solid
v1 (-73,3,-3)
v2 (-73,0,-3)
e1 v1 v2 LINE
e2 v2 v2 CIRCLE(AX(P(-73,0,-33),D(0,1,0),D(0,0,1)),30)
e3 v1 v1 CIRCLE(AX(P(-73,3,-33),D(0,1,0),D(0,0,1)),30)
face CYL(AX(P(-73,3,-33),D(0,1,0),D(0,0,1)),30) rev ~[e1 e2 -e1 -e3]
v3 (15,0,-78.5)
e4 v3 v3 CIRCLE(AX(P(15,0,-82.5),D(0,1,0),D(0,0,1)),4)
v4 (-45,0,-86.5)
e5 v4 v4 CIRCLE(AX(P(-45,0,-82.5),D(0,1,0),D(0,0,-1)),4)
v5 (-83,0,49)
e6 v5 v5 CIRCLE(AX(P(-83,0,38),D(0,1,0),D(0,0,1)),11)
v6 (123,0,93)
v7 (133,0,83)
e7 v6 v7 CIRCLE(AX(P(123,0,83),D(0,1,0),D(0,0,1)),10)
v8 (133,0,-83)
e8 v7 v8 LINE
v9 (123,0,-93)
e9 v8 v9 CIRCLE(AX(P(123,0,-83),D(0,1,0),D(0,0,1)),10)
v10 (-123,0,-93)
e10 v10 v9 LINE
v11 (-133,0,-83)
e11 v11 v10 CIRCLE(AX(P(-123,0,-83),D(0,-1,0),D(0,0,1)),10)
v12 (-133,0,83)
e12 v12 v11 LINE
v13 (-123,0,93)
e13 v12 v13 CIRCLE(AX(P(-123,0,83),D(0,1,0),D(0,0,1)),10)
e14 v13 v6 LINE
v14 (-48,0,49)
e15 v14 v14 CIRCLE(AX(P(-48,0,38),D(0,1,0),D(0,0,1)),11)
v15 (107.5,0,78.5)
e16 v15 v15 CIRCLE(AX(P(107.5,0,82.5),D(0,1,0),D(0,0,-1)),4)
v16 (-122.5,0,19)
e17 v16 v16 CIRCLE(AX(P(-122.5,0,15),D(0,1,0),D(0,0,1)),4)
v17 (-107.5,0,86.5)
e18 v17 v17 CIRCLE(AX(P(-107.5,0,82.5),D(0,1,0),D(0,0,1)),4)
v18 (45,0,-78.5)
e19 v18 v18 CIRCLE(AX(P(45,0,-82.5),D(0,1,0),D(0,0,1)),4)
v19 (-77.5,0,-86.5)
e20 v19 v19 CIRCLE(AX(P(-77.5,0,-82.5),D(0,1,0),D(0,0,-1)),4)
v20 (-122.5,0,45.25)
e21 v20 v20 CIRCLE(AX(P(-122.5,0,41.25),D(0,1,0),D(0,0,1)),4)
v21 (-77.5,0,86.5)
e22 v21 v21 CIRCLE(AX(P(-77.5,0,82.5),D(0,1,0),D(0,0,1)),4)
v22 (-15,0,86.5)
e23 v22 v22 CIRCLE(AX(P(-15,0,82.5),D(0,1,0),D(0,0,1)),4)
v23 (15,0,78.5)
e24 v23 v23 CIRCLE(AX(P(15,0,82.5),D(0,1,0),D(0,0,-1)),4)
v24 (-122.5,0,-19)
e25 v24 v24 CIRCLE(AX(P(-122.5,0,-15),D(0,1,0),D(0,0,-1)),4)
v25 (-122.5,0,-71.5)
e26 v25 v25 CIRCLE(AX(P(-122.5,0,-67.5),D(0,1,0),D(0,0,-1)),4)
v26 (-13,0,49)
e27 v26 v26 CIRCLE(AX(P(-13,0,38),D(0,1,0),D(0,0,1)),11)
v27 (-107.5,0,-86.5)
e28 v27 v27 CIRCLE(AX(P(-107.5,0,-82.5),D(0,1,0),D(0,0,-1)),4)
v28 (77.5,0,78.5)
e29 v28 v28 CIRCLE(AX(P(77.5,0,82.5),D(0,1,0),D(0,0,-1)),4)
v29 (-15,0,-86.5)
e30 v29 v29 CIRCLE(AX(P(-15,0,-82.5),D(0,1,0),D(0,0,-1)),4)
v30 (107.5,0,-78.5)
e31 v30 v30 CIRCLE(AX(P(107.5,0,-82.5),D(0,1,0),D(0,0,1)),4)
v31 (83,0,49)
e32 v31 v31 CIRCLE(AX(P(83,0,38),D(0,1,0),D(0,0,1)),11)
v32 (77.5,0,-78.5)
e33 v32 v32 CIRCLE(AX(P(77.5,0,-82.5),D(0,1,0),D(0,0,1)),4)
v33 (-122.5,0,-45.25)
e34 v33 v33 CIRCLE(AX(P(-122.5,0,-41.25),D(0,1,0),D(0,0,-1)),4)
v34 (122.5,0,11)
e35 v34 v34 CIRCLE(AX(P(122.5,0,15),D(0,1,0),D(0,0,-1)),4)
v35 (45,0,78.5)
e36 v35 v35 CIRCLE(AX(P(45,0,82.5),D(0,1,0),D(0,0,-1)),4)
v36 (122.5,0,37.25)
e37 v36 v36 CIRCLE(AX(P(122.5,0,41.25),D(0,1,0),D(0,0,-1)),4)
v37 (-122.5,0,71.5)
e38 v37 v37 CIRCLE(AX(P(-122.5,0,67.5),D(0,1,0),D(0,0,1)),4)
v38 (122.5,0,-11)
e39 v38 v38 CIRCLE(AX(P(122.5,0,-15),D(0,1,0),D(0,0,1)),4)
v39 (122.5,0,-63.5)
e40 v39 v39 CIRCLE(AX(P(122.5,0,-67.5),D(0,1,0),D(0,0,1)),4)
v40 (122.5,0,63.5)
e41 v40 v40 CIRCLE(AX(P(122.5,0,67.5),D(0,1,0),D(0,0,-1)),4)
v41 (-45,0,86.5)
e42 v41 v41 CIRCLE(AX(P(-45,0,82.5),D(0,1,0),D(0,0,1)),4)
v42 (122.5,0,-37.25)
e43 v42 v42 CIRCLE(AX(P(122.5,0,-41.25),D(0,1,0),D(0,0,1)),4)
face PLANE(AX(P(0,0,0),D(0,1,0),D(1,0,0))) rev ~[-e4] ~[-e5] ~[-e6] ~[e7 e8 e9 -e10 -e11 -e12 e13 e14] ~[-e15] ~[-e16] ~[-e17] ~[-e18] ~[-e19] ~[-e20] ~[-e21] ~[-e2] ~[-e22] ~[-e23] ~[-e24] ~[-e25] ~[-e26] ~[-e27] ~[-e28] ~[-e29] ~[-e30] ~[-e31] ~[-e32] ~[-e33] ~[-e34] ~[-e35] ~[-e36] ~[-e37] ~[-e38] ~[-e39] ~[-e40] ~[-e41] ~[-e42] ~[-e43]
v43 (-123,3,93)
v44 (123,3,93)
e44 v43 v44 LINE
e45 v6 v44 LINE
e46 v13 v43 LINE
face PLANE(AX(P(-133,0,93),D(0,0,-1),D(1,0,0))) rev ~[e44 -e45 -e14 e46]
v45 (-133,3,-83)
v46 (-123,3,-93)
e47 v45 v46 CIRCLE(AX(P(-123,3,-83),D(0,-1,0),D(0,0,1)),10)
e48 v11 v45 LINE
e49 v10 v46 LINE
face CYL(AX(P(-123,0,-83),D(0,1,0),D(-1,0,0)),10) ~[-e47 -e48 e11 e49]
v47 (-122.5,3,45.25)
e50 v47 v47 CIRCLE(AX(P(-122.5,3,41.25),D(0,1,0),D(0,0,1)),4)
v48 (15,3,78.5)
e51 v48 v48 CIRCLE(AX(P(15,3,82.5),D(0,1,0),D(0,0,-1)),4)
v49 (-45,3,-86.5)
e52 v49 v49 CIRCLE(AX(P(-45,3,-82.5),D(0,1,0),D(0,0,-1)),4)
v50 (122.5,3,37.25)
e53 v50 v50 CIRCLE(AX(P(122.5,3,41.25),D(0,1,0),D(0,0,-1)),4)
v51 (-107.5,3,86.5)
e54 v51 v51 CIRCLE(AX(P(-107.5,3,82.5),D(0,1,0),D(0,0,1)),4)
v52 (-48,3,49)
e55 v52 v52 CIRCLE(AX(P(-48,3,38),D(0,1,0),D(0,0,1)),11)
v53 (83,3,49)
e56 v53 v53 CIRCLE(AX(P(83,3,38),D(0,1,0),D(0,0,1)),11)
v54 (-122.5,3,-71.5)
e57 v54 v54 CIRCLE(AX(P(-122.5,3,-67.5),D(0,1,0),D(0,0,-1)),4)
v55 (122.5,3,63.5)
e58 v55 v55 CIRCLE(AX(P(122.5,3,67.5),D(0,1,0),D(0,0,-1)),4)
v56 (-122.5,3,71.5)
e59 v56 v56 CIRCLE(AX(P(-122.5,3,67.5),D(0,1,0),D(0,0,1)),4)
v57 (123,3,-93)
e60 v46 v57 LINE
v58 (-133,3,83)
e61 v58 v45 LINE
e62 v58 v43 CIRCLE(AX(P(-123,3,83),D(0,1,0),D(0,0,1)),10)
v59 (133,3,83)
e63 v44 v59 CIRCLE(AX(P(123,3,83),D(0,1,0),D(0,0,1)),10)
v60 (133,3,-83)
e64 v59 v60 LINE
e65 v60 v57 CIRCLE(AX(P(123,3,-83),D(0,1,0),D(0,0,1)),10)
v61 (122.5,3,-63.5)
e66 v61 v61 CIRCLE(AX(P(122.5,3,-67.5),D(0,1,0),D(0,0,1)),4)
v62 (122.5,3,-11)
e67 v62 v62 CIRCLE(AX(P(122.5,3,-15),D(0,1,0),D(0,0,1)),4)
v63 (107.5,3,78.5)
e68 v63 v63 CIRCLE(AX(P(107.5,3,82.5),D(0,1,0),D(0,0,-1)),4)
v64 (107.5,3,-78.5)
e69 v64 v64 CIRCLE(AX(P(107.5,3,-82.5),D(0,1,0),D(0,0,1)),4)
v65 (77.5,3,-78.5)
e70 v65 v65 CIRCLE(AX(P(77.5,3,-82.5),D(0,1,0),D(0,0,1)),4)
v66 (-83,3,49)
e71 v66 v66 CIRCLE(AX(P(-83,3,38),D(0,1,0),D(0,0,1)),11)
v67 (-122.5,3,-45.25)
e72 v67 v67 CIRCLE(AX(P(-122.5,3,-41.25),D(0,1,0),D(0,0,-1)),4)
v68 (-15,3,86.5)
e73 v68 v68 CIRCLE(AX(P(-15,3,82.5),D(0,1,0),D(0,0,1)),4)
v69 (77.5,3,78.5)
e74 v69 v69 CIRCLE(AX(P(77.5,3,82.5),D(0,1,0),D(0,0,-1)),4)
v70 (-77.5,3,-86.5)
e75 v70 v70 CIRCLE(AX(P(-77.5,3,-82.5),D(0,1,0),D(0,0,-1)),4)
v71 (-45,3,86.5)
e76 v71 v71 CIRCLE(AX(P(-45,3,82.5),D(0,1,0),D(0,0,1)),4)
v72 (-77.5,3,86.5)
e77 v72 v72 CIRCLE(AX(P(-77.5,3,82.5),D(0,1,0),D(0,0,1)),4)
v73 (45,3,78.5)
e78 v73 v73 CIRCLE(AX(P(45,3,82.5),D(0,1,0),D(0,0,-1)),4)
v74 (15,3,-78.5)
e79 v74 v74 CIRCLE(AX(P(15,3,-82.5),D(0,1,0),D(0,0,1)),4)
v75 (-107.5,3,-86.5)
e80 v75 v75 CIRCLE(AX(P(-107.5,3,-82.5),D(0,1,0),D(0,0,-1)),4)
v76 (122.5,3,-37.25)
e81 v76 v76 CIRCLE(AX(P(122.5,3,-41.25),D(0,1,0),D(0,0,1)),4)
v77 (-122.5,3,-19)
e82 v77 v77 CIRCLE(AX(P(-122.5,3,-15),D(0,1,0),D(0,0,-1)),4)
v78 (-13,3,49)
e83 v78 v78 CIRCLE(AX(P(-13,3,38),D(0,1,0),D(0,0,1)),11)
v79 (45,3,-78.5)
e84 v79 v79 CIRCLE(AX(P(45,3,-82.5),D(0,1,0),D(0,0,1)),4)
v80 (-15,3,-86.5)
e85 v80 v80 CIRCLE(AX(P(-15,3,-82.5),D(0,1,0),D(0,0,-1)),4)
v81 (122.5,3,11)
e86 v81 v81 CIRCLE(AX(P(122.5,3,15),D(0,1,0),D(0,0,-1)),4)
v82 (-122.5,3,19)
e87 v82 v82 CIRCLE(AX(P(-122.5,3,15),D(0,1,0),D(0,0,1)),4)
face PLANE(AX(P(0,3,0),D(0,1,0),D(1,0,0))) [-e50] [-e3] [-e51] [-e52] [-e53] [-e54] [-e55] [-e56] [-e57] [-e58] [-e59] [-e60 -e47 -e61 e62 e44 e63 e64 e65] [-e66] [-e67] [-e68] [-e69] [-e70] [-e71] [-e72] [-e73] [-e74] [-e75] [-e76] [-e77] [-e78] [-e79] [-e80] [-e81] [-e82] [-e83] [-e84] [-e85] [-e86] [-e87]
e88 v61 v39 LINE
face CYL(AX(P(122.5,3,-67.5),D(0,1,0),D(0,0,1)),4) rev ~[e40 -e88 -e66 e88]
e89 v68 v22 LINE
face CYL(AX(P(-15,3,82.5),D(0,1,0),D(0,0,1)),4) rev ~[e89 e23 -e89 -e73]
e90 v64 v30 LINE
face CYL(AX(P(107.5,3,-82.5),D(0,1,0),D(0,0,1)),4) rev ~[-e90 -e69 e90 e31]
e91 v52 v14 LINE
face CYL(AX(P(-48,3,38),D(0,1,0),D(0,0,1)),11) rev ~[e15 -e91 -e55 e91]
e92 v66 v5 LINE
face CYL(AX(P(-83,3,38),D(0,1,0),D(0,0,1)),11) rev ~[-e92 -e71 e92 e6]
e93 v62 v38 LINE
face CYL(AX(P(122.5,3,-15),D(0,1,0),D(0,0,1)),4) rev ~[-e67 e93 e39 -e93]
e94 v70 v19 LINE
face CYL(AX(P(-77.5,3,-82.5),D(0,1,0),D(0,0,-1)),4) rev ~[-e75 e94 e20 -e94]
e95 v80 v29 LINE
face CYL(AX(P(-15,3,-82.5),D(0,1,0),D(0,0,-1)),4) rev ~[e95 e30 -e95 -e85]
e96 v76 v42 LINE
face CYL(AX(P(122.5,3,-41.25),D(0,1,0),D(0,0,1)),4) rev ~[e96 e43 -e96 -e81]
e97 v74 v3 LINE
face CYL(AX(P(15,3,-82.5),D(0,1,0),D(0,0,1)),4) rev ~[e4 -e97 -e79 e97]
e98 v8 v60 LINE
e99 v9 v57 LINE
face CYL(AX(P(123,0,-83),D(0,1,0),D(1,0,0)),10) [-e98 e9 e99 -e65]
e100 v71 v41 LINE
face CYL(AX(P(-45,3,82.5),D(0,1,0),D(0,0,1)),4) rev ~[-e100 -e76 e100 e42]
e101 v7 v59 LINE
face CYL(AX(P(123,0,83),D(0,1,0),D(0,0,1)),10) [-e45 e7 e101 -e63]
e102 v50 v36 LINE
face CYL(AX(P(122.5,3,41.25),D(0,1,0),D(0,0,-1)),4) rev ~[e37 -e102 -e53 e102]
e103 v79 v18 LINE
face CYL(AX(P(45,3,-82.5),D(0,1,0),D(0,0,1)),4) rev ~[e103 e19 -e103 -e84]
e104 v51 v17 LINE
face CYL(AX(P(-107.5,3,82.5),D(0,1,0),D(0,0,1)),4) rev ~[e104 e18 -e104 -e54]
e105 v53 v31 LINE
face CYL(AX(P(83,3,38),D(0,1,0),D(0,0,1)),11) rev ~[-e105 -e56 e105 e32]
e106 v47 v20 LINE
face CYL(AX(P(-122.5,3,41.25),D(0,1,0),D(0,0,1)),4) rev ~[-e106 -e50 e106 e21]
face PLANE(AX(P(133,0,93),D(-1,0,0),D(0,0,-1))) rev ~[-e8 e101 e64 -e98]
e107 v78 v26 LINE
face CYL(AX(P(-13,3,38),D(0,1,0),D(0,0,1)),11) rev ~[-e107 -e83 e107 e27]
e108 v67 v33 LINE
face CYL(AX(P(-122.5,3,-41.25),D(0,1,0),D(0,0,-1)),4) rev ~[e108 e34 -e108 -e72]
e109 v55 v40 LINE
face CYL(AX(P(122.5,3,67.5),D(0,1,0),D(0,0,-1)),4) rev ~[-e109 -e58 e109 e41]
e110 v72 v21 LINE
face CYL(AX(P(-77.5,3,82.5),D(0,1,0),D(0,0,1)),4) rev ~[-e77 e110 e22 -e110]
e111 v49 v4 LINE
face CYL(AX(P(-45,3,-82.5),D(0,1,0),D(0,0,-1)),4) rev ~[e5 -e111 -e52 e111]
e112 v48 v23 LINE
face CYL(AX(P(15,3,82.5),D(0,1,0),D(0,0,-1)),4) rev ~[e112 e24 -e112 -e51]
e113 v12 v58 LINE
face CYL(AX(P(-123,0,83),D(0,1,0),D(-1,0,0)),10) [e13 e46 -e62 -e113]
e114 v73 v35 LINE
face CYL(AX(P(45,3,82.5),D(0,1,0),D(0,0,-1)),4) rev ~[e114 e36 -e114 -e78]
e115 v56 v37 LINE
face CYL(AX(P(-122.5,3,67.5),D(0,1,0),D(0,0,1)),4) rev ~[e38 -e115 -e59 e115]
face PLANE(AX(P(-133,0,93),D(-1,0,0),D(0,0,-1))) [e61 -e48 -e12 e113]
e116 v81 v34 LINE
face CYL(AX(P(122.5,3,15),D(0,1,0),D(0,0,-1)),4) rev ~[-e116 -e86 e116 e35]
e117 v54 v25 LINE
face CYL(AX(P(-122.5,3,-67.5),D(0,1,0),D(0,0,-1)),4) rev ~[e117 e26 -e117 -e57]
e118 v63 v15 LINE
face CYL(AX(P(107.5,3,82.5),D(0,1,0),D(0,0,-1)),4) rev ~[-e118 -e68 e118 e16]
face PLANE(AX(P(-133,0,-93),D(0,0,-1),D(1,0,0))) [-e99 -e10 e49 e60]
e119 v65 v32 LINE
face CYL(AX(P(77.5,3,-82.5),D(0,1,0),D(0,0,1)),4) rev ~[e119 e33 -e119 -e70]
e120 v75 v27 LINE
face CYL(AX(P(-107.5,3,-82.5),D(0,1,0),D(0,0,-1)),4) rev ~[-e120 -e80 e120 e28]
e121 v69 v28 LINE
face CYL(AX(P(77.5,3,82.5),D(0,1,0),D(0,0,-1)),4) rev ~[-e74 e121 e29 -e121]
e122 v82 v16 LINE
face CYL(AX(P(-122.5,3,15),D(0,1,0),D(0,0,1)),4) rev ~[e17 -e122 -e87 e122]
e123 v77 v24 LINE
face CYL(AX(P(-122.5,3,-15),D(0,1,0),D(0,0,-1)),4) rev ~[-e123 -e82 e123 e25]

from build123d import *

# Parameters (mm, degrees)
SKETCH1_W           = 266
SKETCH1_H           = 186
BOSS_EXTRUDE1_DEPTH = 3
FILLET1_R           = 10
SKETCH2_R           = 4
SKETCH2_R_2         = 30
SKETCH2_R_3         = 11
CUT_EXTRUDE1_DEPTH  = 163.317589928


with BuildPart() as part:
    # Sketch1 → Boss-Extrude1 (new body)
    with BuildSketch(Plane(origin=(0, 0, 0), x_dir=(1, 0, 0), z_dir=(0, 1, 0))):
        Rectangle(SKETCH1_W, SKETCH1_H)
    extrude(amount=BOSS_EXTRUDE1_DEPTH)

    # Fillet1
    fillet1_edges = [part.edges().sort_by_distance(p)[0] for p in [
        (-133, 1.5, -93),
        (133, 1.5, -93),
        (133, 1.5, 93),
        (-133, 1.5, 93),
    ]]
    fillet(fillet1_edges, radius=FILLET1_R)

    # Sketch2 → Cut-Extrude1 (cut, through all)
    with BuildSketch(Plane(origin=(0, 3, 0), x_dir=(1, 0, 0), z_dir=(0, 1, 0))):
        with Locations(Location((-122.5, -15, 0), (0, 0, 270))):
            Circle(SKETCH2_R)
        with Locations(Location((-122.5, -41.25, 0), (0, 0, 270))):
            Circle(SKETCH2_R)
        with Locations(Location((-122.5, -67.5, 0), (0, 0, 270))):
            Circle(SKETCH2_R)
        with Locations(Location((-107.5, -82.5, 0), (0, 0, 270))):
            Circle(SKETCH2_R)
        with Locations(Location((-77.5, -82.5, 0), (0, 0, 270))):
            Circle(SKETCH2_R)
        with Locations(Location((-45, -82.5, 0), (0, 0, 270))):
            Circle(SKETCH2_R)
        with Locations(Location((-15, -82.5, 0), (0, 0, 270))):
            Circle(SKETCH2_R)
        with Locations(Location((-15, 82.5, 0), (0, 0, 90))):
            Circle(SKETCH2_R)
        with Locations(Location((-45, 82.5, 0), (0, 0, 90))):
            Circle(SKETCH2_R)
        with Locations(Location((-77.5, 82.5, 0), (0, 0, 90))):
            Circle(SKETCH2_R)
        with Locations(Location((-107.5, 82.5, 0), (0, 0, 90))):
            Circle(SKETCH2_R)
        with Locations(Location((-122.5, 67.5, 0), (0, 0, 90))):
            Circle(SKETCH2_R)
        with Locations(Location((-122.5, 41.25, 0), (0, 0, 90))):
            Circle(SKETCH2_R)
        with Locations(Location((-122.5, 15, 0), (0, 0, 90))):
            Circle(SKETCH2_R)
        with Locations(Location((15, -82.5, 0), (0, 0, 90))):
            Circle(SKETCH2_R)
        with Locations(Location((107.5, -82.5, 0), (0, 0, 90))):
            Circle(SKETCH2_R)
        with Locations(Location((122.5, -67.5, 0), (0, 0, 90))):
            Circle(SKETCH2_R)
        with Locations(Location((122.5, -41.25, 0), (0, 0, 90))):
            Circle(SKETCH2_R)
        with Locations(Location((122.5, -15, 0), (0, 0, 90))):
            Circle(SKETCH2_R)
        with Locations(Location((122.5, 15, 0), (0, 0, 270))):
            Circle(SKETCH2_R)
        with Locations(Location((122.5, 41.25, 0), (0, 0, 270))):
            Circle(SKETCH2_R)
        with Locations(Location((122.5, 67.5, 0), (0, 0, 270))):
            Circle(SKETCH2_R)
        with Locations(Location((107.5, 82.5, 0), (0, 0, 270))):
            Circle(SKETCH2_R)
        with Locations(Location((77.5, 82.5, 0), (0, 0, 270))):
            Circle(SKETCH2_R)
        with Locations(Location((45, 82.5, 0), (0, 0, 270))):
            Circle(SKETCH2_R)
        with Locations(Location((15, 82.5, 0), (0, 0, 270))):
            Circle(SKETCH2_R)
        with Locations(Location((-73, 33, 0), (0, 0, 270))):
            Circle(SKETCH2_R_2)
        with Locations(Location((83, -38, 0), (0, 0, 270))):
            Circle(SKETCH2_R_3)
        with Locations(Location((-83, -38, 0), (0, 0, 270))):
            Circle(SKETCH2_R_3)
        with Locations(Location((-48, -38, 0), (0, 0, 270))):
            Circle(SKETCH2_R_3)
        with Locations(Location((-13, -38, 0), (0, 0, 270))):
            Circle(SKETCH2_R_3)
        with Locations(Location((45, -82.5, 0), (0, 0, 90))):
            Circle(SKETCH2_R)
        with Locations(Location((77.5, -82.5, 0), (0, 0, 90))):
            Circle(SKETCH2_R)
    extrude(amount=-CUT_EXTRUDE1_DEPTH, mode=Mode.SUBTRACT)


solid = part.part
